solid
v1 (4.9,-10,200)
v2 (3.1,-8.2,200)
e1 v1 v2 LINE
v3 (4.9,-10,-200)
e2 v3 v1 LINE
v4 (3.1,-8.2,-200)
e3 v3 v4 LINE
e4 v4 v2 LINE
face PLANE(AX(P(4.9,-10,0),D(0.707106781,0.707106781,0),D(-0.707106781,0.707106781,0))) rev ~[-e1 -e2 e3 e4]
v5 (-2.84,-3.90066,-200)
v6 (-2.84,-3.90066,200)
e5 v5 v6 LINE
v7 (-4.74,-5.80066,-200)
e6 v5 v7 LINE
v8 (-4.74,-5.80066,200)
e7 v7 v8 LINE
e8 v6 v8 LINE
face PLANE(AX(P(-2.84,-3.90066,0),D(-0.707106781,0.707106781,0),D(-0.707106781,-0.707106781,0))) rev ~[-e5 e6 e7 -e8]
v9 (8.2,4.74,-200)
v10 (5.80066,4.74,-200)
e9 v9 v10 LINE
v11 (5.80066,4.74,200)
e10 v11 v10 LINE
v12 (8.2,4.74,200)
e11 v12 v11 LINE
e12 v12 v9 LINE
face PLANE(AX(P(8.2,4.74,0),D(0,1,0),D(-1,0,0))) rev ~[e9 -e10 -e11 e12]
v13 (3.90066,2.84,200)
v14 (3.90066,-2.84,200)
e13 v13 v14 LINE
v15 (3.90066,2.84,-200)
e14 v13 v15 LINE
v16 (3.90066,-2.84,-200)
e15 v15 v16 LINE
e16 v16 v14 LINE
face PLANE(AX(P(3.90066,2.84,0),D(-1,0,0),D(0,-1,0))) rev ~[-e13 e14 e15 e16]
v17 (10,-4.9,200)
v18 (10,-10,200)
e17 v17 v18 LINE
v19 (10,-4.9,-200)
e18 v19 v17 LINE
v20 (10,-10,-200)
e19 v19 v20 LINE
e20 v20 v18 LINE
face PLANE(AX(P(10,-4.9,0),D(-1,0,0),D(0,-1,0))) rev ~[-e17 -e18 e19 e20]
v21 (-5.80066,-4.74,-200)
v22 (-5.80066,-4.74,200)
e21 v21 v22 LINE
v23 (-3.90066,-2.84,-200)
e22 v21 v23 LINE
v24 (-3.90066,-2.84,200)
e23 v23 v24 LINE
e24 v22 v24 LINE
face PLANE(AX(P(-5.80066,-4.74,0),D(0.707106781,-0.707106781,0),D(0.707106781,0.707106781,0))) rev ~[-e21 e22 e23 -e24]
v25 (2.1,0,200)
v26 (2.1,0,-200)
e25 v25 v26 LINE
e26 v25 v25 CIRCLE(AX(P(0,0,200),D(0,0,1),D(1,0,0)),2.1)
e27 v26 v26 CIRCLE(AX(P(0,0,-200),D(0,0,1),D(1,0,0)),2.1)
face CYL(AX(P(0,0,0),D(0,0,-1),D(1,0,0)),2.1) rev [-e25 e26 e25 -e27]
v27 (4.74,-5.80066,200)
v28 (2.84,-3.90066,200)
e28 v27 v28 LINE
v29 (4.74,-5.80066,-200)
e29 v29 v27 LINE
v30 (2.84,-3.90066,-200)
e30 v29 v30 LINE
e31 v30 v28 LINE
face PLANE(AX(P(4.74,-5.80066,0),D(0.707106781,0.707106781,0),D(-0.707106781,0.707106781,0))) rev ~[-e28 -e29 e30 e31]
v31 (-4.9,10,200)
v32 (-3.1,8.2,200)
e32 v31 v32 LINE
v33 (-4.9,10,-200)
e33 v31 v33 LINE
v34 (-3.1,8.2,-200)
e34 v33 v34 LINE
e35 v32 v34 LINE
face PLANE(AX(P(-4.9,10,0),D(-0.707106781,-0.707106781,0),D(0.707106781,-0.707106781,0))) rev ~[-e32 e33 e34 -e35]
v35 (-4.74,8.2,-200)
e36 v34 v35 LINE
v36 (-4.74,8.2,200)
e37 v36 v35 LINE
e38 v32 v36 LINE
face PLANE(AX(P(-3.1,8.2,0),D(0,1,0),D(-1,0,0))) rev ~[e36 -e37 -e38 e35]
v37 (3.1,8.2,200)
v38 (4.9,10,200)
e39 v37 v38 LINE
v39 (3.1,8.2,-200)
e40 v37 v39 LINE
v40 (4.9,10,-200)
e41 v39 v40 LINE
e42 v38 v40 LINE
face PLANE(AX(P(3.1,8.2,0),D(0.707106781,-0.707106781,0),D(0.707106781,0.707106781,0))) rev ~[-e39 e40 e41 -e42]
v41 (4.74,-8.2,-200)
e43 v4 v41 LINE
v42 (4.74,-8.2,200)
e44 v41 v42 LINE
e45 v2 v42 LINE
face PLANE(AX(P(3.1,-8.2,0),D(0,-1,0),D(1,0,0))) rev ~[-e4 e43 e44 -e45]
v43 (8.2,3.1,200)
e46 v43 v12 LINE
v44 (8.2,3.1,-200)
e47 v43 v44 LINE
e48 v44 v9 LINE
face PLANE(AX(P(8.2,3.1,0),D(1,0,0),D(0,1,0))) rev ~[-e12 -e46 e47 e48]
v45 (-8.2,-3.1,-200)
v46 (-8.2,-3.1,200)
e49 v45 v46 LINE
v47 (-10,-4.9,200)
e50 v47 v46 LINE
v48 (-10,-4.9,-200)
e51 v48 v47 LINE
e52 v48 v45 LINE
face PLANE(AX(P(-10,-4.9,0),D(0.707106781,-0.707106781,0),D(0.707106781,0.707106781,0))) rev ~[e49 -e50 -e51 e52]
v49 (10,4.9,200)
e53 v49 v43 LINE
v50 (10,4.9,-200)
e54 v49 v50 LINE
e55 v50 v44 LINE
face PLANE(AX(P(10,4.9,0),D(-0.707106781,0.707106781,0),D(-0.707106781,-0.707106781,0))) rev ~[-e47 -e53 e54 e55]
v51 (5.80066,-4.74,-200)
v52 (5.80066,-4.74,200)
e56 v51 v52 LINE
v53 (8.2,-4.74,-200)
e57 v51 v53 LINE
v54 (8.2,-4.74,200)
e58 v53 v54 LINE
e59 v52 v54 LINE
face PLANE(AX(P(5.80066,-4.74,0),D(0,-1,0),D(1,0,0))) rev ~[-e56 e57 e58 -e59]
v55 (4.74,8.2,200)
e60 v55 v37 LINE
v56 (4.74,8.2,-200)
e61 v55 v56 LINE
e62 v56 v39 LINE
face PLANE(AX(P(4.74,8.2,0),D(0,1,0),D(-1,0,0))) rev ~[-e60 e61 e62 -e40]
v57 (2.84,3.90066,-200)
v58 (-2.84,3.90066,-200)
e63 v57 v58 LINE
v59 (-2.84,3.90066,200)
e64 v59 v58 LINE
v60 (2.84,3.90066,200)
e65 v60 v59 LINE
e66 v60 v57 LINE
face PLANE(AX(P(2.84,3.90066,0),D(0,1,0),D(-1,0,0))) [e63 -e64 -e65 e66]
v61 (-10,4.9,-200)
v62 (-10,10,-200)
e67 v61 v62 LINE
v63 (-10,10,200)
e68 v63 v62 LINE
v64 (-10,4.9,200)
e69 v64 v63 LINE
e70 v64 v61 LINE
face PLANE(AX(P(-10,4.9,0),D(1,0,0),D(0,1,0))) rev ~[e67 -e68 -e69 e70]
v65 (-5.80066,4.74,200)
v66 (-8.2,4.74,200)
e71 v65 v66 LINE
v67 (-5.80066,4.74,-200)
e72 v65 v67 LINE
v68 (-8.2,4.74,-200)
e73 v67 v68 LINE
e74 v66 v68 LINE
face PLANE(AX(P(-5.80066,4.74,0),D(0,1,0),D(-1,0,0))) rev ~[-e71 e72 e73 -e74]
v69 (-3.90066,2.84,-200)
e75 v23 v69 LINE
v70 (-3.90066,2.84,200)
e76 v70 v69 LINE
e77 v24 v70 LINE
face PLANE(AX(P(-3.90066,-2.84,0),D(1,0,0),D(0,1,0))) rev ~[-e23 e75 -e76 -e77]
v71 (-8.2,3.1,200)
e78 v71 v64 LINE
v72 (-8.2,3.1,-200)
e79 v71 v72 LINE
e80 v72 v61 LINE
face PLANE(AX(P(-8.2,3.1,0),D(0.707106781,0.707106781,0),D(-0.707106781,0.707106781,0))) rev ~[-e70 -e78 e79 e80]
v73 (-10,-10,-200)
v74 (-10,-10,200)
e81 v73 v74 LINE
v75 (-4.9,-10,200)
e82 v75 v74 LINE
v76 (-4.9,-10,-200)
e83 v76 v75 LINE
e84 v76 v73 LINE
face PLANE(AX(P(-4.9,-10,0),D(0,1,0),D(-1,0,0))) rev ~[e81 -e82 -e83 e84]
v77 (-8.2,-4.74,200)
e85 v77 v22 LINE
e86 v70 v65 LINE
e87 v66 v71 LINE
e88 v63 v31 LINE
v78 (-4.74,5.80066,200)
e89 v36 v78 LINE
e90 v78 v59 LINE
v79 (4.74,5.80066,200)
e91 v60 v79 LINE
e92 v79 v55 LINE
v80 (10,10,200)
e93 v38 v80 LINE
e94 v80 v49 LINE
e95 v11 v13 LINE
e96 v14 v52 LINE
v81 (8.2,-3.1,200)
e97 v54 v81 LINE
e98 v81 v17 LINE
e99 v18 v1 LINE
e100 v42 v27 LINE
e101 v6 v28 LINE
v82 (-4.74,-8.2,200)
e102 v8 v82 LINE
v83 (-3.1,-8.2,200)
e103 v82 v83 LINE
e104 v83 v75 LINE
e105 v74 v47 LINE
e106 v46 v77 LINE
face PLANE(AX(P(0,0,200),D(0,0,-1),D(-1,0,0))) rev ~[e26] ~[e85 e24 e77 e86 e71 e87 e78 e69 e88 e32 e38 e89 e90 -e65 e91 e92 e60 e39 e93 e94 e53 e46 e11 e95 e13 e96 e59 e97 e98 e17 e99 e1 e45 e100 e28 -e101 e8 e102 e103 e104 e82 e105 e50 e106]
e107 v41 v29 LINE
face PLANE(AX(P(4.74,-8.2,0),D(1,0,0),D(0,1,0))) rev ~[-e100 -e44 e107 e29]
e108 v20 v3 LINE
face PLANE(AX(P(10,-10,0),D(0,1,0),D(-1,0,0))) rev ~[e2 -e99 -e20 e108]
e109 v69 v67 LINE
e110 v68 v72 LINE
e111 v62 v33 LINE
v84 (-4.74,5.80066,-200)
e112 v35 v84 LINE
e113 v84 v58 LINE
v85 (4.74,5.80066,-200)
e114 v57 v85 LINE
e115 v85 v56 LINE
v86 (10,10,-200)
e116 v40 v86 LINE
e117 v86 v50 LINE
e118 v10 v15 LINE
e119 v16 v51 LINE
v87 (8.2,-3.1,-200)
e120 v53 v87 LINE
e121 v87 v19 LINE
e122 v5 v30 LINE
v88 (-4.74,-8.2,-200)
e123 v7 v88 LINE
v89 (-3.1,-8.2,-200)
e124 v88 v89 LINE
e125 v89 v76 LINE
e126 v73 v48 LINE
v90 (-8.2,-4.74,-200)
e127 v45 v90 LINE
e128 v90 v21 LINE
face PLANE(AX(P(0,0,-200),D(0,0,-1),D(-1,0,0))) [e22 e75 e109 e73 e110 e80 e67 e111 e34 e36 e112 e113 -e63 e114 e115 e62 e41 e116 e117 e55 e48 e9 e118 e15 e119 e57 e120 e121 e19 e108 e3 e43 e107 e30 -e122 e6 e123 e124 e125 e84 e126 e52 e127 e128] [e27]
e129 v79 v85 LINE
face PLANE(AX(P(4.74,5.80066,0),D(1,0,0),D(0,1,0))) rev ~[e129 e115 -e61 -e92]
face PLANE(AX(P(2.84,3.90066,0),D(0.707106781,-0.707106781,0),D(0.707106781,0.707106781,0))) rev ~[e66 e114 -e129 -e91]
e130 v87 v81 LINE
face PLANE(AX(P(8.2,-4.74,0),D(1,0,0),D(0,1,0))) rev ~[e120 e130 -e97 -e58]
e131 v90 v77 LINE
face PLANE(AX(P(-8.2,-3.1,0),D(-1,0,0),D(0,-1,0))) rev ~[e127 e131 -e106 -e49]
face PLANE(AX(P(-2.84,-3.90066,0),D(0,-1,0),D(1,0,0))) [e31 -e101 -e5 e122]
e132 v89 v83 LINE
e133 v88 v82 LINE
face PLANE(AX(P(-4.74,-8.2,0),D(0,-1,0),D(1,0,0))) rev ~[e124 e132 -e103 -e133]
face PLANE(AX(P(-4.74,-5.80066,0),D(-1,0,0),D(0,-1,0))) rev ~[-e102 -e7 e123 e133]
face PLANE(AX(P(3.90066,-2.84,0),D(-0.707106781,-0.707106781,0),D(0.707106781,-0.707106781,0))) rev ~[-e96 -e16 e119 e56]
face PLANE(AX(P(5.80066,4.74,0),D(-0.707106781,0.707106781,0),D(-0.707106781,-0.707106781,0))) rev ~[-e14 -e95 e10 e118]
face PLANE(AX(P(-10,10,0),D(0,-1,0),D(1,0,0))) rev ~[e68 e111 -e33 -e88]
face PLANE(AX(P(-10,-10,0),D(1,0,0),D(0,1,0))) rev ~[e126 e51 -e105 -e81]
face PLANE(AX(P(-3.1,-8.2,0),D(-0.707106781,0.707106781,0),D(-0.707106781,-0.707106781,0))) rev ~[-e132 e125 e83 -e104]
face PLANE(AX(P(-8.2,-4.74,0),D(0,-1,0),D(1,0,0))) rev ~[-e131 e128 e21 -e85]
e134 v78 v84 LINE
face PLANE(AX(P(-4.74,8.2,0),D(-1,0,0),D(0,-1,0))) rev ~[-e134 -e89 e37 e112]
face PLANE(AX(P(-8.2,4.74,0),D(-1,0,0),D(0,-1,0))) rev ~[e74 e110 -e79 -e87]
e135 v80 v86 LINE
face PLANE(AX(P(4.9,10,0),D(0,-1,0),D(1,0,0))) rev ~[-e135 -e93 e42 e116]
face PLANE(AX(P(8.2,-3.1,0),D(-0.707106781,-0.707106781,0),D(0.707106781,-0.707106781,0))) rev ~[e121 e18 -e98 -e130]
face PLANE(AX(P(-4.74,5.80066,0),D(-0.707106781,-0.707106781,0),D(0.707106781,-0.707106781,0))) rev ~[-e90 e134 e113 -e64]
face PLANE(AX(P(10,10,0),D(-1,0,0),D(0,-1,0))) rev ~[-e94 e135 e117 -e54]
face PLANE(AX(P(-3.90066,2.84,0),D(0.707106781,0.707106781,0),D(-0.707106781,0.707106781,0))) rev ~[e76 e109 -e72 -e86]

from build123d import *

# Parameters (mm, degrees)
SKETCH1_R           = 2.1
BOSS_EXTRUDE1_DEPTH = 200


with BuildPart() as part:
    # Sketch1 → Boss-Extrude1 (new, symmetric)
    with BuildSketch(Plane.XY):
        Polygon((-3.900660172, -2.84), (-3.900660172, 2.84), (-5.800660172, 4.74), (-8.2, 4.74), (-8.2, 3.1), (-10, 4.9), (-10, 10), (-4.9, 10), (-3.1, 8.2), (-4.74, 8.2), (-4.74, 5.800660172), (-2.84, 3.900660172), (0, 3.900660172), (2.84, 3.900660172), (4.74, 5.800660172), (4.74, 8.2), (3.1, 8.2), (4.9, 10), (10, 10), (10, 4.9), (8.2, 3.1), (8.2, 4.74), (5.800660172, 4.74), (3.900660172, 2.84), (3.900660172, -2.84), (5.800660172, -4.74), (8.2, -4.74), (8.2, -3.1), (10, -4.9), (10, -10), (4.9, -10), (3.1, -8.2), (4.74, -8.2), (4.74, -5.800660172), (2.84, -3.900660172), (0, -3.900660172), (-2.84, -3.900660172), (-4.74, -5.800660172), (-4.74, -8.2), (-3.1, -8.2), (-4.9, -10), (-10, -10), (-10, -4.9), (-8.2, -3.1), (-8.2, -4.74), (-5.800660172, -4.74), align=None)
        Circle(SKETCH1_R, mode=Mode.SUBTRACT)
    extrude(amount=BOSS_EXTRUDE1_DEPTH, both=True)


solid = part.part
